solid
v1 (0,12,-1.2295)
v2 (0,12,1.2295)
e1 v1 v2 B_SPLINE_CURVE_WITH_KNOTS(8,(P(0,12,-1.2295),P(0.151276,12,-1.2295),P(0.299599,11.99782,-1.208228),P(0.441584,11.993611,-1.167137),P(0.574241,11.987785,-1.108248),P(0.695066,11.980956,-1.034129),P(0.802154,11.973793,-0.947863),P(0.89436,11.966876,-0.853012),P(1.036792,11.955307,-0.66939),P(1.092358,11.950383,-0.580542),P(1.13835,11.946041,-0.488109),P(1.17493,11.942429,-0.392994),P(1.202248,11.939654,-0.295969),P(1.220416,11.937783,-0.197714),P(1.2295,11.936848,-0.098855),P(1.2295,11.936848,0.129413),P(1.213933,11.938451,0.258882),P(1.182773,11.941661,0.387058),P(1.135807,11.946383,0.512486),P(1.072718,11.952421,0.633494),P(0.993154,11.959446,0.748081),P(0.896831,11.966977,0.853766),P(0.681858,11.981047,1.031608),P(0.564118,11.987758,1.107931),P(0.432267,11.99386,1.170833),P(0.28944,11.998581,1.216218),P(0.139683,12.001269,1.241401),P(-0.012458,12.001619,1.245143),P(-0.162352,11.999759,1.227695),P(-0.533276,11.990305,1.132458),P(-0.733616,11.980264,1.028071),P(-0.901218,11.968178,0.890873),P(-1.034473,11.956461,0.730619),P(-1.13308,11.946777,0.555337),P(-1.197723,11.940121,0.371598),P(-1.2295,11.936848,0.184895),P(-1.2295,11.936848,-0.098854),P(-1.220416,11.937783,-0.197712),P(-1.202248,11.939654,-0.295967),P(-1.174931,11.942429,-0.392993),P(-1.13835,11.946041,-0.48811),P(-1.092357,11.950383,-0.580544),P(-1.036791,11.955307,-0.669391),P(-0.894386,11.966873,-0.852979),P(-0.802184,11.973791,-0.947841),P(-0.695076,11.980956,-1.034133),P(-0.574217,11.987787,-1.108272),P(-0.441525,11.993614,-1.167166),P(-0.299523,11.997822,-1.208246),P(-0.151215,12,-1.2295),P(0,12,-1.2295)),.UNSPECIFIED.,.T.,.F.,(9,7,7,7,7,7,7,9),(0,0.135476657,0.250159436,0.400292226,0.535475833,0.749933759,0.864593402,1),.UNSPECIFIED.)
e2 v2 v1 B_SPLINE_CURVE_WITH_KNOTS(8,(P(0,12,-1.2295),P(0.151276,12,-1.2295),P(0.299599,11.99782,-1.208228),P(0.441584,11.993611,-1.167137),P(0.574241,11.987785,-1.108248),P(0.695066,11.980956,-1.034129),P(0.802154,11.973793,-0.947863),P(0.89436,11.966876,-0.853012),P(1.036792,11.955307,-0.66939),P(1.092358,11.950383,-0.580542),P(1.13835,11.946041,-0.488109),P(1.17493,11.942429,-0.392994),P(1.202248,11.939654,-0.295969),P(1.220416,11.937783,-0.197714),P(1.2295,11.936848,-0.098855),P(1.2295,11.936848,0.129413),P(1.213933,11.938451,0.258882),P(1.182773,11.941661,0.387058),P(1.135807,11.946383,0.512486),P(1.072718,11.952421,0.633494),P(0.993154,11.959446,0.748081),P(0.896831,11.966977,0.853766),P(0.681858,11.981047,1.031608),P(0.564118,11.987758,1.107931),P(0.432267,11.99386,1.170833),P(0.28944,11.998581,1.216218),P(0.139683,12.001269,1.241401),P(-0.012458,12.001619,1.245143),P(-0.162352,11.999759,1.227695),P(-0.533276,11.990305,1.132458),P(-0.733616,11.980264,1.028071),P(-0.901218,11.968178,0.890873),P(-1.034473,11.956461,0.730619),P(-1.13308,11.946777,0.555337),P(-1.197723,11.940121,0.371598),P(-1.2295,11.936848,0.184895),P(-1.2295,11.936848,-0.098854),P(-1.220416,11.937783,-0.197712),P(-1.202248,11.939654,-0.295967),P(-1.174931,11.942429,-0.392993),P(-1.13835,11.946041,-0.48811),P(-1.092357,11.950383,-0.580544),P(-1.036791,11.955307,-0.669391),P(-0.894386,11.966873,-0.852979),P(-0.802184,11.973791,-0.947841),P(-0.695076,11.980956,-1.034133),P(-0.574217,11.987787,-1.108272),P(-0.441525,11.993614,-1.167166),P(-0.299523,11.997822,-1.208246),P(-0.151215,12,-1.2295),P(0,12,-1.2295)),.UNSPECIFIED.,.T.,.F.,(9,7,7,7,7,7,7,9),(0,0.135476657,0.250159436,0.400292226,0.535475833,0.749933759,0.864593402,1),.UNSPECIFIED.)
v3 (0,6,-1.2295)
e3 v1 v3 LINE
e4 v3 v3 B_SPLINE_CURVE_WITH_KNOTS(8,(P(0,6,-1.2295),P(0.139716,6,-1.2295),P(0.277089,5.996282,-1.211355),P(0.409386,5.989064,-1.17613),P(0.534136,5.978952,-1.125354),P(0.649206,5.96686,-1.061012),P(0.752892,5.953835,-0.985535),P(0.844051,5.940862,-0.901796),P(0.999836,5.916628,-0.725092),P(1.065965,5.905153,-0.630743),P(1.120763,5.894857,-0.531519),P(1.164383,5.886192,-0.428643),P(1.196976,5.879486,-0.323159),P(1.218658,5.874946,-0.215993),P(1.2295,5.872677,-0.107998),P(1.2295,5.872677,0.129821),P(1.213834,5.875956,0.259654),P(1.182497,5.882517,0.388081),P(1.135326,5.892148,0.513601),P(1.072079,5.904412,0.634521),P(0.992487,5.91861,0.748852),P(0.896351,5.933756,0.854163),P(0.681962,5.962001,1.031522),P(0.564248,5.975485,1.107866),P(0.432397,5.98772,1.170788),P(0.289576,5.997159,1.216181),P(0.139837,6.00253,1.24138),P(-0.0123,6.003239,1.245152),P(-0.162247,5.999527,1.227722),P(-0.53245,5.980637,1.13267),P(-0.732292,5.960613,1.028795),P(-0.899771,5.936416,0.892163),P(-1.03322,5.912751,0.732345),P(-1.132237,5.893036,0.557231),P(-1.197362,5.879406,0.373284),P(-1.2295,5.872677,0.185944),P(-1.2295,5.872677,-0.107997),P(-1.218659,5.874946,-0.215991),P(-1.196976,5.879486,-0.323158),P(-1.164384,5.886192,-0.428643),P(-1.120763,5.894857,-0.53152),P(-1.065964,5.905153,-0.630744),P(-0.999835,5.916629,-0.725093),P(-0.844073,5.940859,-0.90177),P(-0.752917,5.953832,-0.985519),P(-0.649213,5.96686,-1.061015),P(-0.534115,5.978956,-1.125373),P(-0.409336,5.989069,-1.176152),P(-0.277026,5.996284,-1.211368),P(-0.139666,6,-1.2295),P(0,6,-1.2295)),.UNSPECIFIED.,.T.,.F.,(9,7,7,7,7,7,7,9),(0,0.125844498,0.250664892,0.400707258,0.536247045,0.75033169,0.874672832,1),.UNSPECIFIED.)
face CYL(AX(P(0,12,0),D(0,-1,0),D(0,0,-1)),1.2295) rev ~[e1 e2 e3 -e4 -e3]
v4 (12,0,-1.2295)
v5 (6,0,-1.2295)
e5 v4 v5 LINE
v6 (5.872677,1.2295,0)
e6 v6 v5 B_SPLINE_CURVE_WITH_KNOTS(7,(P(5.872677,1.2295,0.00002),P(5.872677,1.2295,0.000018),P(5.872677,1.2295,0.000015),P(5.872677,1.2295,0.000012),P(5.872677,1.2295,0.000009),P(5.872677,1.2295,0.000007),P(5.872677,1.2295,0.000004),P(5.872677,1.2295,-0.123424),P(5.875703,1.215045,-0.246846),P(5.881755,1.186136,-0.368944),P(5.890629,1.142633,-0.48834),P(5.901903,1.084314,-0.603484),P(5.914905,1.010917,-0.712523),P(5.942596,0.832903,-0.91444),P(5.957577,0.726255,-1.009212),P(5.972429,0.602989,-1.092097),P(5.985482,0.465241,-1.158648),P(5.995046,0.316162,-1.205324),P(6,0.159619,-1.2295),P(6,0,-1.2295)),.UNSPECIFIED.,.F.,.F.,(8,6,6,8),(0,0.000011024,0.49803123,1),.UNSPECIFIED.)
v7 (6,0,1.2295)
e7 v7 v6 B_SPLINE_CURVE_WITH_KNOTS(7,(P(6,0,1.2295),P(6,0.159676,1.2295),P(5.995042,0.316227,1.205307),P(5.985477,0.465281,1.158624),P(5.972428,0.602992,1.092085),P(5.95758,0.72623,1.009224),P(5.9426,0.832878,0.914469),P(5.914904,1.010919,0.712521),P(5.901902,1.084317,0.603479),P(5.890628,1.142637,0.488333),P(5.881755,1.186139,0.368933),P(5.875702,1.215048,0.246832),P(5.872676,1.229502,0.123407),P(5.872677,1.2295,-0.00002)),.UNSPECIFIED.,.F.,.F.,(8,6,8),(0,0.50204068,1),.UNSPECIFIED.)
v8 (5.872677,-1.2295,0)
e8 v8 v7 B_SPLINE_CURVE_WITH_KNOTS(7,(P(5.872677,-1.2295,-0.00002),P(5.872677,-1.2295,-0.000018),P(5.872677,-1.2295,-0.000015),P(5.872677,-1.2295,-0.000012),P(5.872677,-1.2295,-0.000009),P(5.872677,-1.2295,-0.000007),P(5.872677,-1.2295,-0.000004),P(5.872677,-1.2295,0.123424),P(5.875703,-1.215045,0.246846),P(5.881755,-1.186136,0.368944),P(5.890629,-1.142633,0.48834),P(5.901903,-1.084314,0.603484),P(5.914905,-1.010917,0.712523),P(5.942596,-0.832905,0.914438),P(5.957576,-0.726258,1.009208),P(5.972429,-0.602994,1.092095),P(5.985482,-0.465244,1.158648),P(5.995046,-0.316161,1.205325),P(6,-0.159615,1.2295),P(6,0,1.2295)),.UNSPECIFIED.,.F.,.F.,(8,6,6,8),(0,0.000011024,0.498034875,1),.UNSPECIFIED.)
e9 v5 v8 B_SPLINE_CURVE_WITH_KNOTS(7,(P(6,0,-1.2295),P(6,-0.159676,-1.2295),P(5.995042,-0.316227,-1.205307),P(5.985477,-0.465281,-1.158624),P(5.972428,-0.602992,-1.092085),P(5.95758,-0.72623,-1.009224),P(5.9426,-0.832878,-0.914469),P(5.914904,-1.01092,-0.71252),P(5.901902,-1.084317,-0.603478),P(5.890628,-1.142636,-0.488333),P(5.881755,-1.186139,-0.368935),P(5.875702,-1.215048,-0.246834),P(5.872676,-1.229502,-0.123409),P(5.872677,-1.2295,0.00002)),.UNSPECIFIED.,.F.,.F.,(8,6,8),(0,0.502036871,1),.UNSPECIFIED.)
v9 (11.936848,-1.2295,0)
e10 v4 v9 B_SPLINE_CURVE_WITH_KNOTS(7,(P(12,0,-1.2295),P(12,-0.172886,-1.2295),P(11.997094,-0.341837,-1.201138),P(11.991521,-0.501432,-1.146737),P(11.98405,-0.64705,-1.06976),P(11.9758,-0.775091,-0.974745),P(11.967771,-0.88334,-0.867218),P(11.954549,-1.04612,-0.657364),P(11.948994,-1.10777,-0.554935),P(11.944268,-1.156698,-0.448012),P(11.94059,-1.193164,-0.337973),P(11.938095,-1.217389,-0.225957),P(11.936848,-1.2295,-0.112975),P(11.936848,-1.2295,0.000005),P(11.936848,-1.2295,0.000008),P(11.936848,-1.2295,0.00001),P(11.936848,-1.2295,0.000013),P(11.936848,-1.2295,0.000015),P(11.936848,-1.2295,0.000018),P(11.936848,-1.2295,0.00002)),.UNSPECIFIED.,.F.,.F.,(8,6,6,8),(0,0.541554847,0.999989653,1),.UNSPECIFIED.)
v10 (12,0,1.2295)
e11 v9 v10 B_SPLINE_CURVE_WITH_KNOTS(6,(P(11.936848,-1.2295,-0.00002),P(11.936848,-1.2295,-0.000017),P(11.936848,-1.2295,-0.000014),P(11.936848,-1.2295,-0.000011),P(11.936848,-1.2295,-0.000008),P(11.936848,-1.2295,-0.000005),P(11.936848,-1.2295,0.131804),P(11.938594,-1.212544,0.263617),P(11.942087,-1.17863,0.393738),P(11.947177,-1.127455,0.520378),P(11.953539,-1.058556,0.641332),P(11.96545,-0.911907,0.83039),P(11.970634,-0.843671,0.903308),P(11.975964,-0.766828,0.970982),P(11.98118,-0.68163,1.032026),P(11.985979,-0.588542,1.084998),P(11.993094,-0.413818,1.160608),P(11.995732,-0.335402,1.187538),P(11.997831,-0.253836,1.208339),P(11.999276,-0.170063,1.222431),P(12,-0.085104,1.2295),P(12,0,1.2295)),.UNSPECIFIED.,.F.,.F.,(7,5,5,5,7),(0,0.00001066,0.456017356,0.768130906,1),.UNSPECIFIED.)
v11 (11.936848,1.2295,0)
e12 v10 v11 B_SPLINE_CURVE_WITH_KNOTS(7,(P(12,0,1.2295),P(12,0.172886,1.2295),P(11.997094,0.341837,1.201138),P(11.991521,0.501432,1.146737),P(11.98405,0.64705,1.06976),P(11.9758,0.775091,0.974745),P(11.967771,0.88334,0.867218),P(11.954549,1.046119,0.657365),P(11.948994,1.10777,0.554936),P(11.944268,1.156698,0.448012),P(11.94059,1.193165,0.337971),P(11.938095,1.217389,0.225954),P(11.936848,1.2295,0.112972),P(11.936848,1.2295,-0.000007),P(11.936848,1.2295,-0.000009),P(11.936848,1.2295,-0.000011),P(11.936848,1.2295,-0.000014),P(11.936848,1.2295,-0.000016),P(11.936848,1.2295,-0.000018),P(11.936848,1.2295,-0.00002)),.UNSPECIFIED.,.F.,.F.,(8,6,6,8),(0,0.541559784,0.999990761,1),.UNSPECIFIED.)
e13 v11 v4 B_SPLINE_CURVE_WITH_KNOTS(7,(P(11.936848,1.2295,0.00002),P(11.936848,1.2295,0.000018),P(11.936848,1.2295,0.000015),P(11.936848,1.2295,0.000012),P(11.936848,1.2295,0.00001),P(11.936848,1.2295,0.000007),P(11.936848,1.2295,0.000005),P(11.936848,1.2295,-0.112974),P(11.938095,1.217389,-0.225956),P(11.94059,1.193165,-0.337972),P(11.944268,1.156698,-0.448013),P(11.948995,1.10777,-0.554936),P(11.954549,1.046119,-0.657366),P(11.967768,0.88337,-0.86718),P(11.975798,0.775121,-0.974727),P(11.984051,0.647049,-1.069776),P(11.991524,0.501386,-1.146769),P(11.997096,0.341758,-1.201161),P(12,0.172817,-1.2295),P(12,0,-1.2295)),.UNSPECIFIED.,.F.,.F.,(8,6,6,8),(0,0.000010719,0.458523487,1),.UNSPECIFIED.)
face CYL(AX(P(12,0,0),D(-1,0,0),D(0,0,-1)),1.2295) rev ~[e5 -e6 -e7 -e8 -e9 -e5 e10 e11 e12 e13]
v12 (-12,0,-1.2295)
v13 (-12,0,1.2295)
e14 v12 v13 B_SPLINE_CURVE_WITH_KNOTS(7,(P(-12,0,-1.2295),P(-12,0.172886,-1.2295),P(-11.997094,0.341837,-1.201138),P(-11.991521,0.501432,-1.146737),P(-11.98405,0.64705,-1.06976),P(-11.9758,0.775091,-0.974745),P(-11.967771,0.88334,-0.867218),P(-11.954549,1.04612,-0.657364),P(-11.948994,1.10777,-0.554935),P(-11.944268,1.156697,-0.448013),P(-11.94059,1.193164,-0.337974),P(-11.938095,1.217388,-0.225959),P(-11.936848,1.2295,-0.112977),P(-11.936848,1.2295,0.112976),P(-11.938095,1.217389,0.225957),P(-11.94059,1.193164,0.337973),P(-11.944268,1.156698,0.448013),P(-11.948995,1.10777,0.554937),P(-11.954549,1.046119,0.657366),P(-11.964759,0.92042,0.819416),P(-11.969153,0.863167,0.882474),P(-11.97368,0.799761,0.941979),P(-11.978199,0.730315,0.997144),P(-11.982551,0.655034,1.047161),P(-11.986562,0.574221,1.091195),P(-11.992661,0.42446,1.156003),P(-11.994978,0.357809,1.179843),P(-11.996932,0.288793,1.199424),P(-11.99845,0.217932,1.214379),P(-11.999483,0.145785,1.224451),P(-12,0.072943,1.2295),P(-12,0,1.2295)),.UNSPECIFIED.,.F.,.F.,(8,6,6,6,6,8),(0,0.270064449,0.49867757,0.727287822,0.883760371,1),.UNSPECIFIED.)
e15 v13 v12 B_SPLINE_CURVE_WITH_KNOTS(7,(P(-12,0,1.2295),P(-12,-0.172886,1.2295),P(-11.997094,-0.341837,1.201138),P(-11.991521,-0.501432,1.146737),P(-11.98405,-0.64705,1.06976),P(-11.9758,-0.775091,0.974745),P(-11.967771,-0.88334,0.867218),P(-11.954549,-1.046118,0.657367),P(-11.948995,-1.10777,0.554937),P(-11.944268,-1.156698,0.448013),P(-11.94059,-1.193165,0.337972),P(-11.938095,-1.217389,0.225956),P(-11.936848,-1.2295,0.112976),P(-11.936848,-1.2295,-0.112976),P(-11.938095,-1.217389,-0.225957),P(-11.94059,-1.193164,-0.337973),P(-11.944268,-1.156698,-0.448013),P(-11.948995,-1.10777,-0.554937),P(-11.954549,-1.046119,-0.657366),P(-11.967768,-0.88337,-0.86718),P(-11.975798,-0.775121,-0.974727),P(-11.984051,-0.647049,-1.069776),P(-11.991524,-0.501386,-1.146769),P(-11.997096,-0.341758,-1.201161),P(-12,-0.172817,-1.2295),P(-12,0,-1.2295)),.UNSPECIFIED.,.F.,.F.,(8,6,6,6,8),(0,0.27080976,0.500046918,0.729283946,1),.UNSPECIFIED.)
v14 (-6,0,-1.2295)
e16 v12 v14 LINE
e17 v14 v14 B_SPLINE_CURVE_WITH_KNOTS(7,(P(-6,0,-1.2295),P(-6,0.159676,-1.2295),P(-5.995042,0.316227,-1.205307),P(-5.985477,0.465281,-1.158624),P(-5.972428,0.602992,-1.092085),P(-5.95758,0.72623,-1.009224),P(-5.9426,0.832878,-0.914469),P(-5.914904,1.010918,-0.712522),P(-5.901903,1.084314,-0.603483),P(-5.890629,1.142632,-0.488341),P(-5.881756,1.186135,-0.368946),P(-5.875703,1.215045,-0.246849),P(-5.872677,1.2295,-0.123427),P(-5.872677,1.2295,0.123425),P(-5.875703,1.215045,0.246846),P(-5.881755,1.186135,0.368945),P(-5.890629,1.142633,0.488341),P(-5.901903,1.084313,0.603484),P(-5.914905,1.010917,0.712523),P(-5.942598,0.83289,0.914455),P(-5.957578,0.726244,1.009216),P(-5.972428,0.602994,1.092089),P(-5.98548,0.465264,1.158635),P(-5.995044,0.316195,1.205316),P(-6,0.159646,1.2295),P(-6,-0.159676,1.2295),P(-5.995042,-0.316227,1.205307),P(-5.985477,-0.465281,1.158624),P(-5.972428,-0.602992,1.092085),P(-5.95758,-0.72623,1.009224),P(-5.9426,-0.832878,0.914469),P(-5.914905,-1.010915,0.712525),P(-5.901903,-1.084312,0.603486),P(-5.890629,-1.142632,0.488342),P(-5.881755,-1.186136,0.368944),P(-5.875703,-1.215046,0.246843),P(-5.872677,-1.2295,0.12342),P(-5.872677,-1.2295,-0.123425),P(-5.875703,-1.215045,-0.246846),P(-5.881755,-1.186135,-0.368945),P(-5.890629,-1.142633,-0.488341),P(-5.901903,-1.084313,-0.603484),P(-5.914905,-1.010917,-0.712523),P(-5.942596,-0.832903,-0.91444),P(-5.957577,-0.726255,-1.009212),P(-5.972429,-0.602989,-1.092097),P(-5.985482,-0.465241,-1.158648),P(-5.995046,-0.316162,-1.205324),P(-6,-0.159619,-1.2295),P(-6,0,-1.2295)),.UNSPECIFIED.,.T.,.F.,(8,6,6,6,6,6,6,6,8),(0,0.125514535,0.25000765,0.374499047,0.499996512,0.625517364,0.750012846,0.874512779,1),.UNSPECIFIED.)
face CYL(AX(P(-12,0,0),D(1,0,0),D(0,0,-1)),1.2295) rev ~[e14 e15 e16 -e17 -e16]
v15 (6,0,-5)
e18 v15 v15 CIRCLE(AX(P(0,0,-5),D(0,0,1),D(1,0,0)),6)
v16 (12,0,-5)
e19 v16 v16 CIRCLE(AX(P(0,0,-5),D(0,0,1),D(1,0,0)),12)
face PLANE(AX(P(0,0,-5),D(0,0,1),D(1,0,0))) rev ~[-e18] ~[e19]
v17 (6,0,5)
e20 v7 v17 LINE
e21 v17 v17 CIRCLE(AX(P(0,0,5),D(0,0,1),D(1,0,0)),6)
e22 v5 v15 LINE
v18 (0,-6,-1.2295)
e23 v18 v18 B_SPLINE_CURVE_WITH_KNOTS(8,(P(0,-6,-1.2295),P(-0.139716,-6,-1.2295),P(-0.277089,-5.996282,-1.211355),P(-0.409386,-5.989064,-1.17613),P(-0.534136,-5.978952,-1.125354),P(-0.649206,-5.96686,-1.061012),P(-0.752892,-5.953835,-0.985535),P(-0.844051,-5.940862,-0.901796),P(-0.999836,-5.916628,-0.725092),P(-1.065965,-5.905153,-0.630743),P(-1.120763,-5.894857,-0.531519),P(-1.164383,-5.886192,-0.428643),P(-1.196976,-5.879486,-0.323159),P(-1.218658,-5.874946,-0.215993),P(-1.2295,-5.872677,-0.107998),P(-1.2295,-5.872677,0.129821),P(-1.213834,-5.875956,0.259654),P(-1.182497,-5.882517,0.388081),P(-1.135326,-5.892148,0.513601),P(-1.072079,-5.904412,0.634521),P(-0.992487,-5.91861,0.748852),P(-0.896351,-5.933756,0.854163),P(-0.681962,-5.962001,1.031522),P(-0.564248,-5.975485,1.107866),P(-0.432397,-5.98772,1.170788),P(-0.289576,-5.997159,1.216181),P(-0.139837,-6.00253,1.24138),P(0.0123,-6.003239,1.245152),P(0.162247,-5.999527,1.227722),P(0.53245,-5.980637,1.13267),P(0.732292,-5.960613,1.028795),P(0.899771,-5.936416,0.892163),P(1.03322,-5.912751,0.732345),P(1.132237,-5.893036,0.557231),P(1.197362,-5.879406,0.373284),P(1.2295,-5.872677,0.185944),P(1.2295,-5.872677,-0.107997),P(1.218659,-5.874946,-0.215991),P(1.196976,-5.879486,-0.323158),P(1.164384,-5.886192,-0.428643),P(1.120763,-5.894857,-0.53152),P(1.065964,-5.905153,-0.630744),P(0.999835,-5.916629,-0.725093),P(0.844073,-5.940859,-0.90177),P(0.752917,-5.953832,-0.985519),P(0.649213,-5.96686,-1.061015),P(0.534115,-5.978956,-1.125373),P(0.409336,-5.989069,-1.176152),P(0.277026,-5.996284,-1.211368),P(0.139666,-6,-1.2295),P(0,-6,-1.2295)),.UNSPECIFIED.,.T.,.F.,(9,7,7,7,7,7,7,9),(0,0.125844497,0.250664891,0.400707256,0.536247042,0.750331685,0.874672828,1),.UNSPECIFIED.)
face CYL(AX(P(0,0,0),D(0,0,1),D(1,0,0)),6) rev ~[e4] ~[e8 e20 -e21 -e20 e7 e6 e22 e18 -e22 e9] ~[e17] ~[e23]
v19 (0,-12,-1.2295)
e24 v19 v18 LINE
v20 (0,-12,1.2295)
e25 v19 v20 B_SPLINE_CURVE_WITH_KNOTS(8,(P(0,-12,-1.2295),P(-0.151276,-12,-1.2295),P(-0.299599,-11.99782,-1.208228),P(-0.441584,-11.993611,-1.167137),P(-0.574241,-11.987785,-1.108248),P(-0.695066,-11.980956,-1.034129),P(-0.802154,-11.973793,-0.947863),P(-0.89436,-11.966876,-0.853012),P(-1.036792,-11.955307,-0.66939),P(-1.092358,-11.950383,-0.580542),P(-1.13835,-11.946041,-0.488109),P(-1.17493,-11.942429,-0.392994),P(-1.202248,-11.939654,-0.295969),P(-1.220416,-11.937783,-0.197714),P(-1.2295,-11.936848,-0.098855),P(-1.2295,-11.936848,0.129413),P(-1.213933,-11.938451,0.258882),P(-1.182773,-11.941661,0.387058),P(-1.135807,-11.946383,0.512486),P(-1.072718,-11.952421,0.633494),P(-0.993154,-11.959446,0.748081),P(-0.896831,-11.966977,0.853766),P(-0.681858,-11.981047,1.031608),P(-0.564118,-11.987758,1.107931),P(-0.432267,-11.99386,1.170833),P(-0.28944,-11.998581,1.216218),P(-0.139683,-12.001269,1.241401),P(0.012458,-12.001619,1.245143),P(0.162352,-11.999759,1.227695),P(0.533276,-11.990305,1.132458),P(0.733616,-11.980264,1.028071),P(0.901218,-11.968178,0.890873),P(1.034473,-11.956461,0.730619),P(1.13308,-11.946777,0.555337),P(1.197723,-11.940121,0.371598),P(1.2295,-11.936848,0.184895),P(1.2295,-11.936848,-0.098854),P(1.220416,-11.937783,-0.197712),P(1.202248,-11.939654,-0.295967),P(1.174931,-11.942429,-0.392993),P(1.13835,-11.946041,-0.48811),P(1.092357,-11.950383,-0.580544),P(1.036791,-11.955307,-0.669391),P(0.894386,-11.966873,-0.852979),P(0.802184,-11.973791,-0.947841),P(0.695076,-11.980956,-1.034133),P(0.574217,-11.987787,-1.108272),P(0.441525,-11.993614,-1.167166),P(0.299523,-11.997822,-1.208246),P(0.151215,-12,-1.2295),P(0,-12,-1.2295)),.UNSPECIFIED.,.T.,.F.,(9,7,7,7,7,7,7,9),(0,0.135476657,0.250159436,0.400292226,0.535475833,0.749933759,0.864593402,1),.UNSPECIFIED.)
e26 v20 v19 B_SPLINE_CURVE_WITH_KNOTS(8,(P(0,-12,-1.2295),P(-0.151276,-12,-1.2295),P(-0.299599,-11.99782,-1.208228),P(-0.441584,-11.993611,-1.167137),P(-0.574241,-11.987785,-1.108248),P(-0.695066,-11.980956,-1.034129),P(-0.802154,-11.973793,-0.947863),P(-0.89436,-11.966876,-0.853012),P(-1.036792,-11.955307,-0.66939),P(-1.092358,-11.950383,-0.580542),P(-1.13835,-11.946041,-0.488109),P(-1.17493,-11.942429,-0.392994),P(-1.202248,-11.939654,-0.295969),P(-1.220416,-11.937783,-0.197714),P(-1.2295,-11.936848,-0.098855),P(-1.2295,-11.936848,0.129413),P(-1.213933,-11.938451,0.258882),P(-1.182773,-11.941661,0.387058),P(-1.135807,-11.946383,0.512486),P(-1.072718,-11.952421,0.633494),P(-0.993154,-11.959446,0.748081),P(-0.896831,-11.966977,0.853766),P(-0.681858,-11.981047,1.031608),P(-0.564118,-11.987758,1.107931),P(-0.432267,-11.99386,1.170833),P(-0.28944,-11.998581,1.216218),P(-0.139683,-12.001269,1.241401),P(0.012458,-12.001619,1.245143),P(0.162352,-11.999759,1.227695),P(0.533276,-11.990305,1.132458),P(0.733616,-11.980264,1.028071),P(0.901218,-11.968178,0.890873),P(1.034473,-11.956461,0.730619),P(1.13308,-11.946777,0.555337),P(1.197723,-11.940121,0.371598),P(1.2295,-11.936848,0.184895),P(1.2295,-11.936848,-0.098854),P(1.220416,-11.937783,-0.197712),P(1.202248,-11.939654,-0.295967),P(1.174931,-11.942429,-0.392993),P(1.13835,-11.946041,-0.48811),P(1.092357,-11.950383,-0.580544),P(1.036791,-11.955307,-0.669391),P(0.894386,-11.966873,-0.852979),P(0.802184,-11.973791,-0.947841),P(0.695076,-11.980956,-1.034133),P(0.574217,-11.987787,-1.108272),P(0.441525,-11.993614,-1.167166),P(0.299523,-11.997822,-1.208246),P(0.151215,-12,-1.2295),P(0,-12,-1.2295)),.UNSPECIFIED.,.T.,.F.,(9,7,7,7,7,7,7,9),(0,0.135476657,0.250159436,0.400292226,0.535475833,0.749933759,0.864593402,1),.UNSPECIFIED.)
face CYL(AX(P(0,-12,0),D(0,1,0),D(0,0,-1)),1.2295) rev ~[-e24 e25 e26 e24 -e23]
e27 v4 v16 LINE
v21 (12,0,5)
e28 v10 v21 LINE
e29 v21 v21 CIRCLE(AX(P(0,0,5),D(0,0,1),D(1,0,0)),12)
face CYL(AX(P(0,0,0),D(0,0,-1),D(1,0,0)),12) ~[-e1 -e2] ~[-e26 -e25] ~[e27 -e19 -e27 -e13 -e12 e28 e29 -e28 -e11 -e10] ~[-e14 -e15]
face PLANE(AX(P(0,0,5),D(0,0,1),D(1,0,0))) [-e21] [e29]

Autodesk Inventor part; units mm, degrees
ref_plane "XZ Plane" through (0, 0, 0) normal (0, 1, 0) x (-1, 0, 0)
ref_plane "XY Plane" through (0, 0, 0) normal (0, 0, 1) x (1, 0, 0)
sketch "Sketch1" plane through (0, 0, 0) normal (0, 0, 1) x (1, 0, 0)
  circle A0 centre (0, 0) radius 12
  circle A1 centre (0, 0) radius 6
  dimension "d0" = 24
  dimension "d1" = 12
extrude "Extrusion1" add sketch "Sketch1" along normal mid plane 10
thread "Thread1" size "M12x1.75" class "6H" standard "ISO Metric profile" length 10
ref_plane "Work Plane1" through (12, 0, 0) normal (1, 0, 0) x (0, 1, 0)
sketch "Sketch2" plane through (12, 0, 0) normal (1, 0, 0) x (0, 1, 0)
  point P0 (0, 0)
  point P1 (0, 0)
hole "Hole1" at (12, 0, 0) direction (-1, 0, 0) diameter 2.459 depth 6.5 thread size "M3x0.5" class "6H" standard "ISO Metric profile"
pattern_circular "Circular Pattern1" count 4 over 360 about axis through (0, 0, 0) along (0, 0, 1) of "Hole1"
properties part number "36" material "Copper"
